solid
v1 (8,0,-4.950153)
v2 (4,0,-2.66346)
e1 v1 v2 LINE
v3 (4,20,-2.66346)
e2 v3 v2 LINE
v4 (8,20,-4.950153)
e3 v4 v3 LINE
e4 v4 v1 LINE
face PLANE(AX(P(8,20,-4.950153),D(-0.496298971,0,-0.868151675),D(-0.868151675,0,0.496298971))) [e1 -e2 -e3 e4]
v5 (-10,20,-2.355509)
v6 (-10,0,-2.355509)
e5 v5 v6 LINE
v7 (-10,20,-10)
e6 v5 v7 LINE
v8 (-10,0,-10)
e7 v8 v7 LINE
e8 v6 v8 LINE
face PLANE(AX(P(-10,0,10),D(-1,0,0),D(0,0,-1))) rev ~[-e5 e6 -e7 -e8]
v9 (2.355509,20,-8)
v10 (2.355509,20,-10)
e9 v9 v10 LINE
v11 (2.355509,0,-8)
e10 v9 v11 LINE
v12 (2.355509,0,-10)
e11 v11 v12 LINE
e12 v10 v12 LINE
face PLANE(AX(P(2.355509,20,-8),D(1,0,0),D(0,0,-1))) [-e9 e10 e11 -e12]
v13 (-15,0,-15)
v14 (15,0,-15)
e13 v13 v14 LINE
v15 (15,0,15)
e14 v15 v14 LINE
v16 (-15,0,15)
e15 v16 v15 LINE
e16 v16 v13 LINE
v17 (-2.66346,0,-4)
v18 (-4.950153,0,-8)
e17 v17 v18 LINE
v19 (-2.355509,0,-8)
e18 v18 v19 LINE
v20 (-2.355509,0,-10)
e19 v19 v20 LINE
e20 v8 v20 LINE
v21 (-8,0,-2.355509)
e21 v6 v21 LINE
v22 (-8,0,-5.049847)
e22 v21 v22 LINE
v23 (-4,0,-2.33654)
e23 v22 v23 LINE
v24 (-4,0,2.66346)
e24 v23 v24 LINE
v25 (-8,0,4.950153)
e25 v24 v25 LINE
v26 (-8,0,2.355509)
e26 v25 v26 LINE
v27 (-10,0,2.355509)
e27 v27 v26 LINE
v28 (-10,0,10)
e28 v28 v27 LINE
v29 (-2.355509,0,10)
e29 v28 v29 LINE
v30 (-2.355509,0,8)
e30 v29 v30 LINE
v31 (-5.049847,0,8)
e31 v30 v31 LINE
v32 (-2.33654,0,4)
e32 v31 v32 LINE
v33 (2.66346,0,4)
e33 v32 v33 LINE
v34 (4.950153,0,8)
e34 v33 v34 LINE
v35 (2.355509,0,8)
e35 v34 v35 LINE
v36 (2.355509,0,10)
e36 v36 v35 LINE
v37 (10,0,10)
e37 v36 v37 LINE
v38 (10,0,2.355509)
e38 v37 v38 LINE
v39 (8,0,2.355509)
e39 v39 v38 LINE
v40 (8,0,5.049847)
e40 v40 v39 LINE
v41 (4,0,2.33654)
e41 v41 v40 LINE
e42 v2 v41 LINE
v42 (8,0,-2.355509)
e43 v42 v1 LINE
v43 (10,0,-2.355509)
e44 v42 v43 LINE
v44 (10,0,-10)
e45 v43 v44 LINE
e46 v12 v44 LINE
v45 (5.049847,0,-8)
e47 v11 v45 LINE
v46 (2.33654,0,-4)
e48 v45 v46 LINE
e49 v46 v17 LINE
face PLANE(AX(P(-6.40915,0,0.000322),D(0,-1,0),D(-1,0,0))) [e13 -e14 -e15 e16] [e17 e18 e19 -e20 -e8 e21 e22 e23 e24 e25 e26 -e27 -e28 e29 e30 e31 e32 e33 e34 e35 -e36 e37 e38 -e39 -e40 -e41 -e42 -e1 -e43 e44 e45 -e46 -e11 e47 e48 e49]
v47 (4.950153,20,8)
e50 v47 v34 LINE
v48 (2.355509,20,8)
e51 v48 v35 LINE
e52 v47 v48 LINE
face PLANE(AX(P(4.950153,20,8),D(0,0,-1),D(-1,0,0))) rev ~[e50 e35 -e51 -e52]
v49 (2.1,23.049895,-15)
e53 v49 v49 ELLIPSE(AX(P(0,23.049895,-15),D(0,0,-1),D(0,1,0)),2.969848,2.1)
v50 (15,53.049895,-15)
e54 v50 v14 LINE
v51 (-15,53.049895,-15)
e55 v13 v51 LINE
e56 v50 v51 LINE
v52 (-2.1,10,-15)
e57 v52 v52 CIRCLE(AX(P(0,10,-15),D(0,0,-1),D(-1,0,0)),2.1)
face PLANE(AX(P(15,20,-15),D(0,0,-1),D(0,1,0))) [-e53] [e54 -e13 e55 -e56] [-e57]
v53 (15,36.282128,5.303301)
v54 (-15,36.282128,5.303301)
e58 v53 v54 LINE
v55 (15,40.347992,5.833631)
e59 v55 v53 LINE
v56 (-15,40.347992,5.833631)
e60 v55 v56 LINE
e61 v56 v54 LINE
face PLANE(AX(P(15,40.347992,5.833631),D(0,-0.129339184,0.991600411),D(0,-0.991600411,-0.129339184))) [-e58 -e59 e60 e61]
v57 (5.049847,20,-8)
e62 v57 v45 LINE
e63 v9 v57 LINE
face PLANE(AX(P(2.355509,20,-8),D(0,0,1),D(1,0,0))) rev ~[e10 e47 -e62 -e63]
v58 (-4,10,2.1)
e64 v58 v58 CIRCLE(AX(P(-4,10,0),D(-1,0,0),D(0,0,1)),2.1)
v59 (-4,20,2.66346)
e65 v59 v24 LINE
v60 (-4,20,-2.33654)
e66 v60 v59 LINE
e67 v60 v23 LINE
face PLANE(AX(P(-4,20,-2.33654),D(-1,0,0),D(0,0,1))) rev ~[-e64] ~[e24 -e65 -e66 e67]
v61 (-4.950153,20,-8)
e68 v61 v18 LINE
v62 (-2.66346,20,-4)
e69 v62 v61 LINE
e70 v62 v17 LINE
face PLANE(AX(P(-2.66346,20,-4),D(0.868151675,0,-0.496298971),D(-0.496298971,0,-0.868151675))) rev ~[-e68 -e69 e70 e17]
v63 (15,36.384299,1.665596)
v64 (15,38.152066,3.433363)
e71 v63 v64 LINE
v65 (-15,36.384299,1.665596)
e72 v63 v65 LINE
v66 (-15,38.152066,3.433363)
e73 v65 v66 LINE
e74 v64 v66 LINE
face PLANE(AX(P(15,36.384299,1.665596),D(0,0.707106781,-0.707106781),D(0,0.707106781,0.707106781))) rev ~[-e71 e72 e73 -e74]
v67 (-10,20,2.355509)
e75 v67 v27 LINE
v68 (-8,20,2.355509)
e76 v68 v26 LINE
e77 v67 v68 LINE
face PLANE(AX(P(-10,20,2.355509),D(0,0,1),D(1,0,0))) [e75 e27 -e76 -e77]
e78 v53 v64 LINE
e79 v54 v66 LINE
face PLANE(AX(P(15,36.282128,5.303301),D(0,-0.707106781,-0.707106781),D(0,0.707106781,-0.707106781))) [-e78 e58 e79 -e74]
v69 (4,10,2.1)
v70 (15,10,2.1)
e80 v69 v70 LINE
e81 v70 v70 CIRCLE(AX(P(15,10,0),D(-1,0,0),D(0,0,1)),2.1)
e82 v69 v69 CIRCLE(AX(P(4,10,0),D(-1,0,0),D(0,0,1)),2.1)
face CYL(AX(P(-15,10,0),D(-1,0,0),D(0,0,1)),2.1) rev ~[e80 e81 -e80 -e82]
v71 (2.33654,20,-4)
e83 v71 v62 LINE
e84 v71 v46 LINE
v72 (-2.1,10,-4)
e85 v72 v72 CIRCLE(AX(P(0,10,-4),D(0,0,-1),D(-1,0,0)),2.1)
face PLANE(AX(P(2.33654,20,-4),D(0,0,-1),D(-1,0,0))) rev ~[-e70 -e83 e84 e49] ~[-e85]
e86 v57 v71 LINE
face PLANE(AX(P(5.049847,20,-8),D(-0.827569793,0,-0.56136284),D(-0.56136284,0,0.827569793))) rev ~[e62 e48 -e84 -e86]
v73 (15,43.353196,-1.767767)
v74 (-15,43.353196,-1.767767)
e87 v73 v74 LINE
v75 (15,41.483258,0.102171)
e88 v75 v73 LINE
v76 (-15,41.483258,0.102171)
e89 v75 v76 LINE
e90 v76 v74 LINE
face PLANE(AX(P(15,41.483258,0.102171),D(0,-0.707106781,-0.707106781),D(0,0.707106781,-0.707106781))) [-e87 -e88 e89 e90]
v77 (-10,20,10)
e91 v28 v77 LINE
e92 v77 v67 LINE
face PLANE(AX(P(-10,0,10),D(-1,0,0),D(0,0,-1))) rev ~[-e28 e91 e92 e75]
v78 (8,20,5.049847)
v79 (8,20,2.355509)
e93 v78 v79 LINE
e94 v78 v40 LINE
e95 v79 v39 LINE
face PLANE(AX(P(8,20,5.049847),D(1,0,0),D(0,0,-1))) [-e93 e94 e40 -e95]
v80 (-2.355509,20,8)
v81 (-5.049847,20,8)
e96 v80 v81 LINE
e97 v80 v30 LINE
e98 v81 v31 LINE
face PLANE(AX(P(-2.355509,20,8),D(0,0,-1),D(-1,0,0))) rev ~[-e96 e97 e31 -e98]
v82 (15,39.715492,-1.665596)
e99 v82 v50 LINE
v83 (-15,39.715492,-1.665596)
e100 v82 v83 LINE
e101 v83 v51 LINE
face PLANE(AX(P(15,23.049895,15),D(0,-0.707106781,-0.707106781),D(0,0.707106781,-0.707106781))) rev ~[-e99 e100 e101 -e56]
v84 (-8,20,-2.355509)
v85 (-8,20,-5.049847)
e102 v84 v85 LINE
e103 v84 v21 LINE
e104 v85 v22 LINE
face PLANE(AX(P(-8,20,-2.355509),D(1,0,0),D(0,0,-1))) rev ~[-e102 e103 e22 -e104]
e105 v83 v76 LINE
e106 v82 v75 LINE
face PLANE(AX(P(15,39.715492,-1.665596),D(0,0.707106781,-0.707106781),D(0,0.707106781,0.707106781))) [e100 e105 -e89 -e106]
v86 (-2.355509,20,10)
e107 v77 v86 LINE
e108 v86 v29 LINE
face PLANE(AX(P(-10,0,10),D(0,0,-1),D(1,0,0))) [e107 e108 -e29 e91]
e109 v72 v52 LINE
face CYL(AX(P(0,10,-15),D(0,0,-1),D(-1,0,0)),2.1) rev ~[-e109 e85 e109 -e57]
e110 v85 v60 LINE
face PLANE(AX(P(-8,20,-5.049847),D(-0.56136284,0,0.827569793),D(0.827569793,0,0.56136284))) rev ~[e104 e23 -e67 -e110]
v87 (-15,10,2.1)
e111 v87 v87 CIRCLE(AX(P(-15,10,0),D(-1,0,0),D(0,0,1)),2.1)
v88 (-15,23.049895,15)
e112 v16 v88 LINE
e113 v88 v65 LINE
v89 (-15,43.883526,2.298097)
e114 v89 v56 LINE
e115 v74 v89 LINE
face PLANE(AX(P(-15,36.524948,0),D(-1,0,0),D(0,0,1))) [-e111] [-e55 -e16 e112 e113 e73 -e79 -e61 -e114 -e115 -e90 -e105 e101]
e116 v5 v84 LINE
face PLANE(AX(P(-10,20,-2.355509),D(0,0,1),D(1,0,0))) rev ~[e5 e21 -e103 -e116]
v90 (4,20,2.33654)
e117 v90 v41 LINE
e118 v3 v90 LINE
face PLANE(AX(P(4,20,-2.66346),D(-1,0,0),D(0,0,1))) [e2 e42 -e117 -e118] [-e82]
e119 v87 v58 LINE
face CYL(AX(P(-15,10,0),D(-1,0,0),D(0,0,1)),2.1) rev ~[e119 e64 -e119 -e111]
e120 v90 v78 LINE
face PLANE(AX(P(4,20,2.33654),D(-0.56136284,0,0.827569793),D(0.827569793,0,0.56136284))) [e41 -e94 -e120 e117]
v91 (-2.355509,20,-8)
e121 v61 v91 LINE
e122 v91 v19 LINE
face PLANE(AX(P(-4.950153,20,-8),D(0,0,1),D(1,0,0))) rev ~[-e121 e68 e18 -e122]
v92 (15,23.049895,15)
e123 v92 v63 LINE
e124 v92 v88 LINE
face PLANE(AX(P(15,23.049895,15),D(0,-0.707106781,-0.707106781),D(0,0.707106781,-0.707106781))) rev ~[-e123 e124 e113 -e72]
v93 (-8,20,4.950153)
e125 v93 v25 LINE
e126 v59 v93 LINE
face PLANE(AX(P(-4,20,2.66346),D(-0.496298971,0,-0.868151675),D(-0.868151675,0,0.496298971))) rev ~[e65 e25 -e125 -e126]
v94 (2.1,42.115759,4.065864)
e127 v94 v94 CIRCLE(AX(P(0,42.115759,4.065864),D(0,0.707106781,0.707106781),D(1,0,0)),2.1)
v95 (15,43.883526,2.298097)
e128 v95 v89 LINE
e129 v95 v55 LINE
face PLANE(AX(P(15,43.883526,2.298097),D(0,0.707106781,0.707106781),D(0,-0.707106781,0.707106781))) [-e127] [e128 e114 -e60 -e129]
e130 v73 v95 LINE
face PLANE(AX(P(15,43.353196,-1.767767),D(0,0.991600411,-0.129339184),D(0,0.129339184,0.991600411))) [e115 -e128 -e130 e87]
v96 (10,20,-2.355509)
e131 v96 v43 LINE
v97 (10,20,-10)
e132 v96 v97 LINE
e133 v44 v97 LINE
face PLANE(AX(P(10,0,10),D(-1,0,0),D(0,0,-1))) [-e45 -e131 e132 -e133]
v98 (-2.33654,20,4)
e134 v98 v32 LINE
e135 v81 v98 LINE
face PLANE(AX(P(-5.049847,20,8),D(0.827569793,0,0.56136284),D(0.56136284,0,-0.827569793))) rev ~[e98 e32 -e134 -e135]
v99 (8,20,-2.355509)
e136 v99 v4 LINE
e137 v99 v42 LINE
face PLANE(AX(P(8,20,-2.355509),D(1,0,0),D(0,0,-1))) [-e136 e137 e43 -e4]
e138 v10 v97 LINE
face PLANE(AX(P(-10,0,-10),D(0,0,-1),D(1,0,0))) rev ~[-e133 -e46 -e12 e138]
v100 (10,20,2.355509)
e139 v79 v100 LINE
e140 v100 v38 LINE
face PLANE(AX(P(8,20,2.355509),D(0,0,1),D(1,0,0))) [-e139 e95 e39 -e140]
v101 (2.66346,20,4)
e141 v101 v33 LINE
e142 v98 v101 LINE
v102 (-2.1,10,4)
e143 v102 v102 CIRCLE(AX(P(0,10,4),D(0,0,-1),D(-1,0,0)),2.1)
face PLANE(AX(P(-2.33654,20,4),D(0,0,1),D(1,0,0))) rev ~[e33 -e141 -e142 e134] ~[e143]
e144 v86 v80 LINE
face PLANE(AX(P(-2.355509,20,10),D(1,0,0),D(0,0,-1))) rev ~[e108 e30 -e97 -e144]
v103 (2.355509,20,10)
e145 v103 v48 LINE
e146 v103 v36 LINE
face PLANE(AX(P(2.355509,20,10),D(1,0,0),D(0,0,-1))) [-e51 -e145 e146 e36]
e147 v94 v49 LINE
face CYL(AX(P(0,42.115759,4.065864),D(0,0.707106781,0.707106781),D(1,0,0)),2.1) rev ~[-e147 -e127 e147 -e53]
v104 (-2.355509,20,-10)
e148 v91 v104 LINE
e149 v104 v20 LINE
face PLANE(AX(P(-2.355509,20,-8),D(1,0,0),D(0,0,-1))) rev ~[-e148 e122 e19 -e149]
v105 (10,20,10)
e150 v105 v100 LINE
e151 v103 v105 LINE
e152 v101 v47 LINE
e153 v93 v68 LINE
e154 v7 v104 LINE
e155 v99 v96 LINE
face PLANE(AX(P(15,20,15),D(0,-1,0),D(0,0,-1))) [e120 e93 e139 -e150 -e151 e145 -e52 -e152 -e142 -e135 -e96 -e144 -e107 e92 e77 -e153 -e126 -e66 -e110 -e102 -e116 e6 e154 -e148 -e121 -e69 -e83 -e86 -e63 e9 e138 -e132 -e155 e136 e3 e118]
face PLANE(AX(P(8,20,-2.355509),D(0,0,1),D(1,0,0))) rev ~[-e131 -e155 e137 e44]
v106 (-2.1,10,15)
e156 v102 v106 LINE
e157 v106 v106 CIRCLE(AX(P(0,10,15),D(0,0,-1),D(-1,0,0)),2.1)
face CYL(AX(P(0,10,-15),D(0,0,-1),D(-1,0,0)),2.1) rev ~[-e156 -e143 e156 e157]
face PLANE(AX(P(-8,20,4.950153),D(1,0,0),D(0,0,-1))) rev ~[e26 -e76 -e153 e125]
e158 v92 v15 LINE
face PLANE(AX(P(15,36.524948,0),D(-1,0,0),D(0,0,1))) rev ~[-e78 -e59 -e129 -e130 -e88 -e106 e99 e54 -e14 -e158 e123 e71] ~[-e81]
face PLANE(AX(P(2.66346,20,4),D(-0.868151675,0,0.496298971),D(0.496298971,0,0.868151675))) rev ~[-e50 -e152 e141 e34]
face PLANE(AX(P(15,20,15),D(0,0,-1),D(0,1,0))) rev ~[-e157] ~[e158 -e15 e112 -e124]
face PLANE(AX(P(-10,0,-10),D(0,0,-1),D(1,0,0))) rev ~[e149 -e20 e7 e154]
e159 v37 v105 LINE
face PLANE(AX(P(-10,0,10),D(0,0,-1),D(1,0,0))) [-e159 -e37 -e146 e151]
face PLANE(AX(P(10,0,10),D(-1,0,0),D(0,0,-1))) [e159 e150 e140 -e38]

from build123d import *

# Parameters (mm, degrees)
SKETCH1_W           = 30
SKETCH1_H           = 30
SKETCH1_W_2         = 20
SKETCH1_H_2         = 20
BOSS_EXTRUDE1_DEPTH = 20
SKETCH2_W           = 4.711017494
SKETCH2_H           = 2
SKETCH2_W_2         = 2
SKETCH2_H_2         = 4.711017494
BOSS_EXTRUDE2_DEPTH = 20
SKETCH3_R           = 2.1
CUT_EXTRUDE1_DEPTH  = 31
SKETCH4_R           = 2.1
CUT_EXTRUDE2_DEPTH  = 31
BOSS_EXTRUDE3_DEPTH = 30
SKETCH8_W           = 4.711017494
SKETCH8_H           = 2.5
BOSS_EXTRUDE4_DEPTH = 30
SKETCH10_R          = 2.1
CUT_EXTRUDE4_DEPTH  = 44.261940705


with BuildPart() as part:
    # Sketch1 → Boss-Extrude1 (new body)
    with BuildSketch(Plane(origin=(0, 0, 0), x_dir=(1, 0, 0), z_dir=(0, 1, 0))):
        Rectangle(SKETCH1_W, SKETCH1_H)
        Rectangle(SKETCH1_W_2, SKETCH1_H_2, mode=Mode.SUBTRACT)
    extrude(amount=BOSS_EXTRUDE1_DEPTH)


with BuildPart() as body_2:
    # Sketch2 → Boss-Extrude2 (new body)
    with BuildSketch(Plane(origin=(0, 20, 0), x_dir=(1, 0, 0), z_dir=(0, 1, 0))):
        Polygon((2.336539675, 4), (-2.663460325, 4), (-4.950152781, 8), (5.049847219, 8), align=None)
        with Locations((0, 9)):
            Rectangle(SKETCH2_W, SKETCH2_H)
        Polygon((-4, 2.336539675), (-4, -2.663460325), (-8, -4.950152781), (-8, 5.049847219), align=None)
        Polygon((-2.336539675, -4), (2.663460325, -4), (4.950152781, -8), (-5.049847219, -8), align=None)
        with Locations((0, -9)):
            Rectangle(SKETCH2_W, SKETCH2_H)
        Polygon((4, 2.663460325), (4, -2.336539675), (8, -5.049847219), (8, -2.355508747), (8, 2.355508747), (8, 4.950152781), align=None)
        with Locations((9, 0)):
            Rectangle(SKETCH2_W_2, SKETCH2_H_2)
        with Locations((-9, 0)):
            Rectangle(SKETCH2_W_2, SKETCH2_H_2)
    extrude(amount=-BOSS_EXTRUDE2_DEPTH)


with BuildPart() as cut_extrude1_tool:
    # Sketch3 → Cut-Extrude1 (new body, through all)
    with BuildSketch(Plane.ZY.offset(15)):
        with Locations((0, 10)):
            Circle(SKETCH3_R)
    extrude(amount=-CUT_EXTRUDE1_DEPTH)


with BuildPart() as part_1:
    add(part.part)

    # Cut-Extrude1: cut by cut_extrude1_tool
    add(cut_extrude1_tool.part, mode=Mode.SUBTRACT)


with BuildPart() as body_2_1:
    add(body_2.part)

    # Cut-Extrude1: cut by cut_extrude1_tool
    add(cut_extrude1_tool.part, mode=Mode.SUBTRACT)


with BuildPart() as cut_extrude2_tool:
    # Sketch4 → Cut-Extrude2 (new body, through all)
    with BuildSketch(Plane(origin=(0, 0, -15), x_dir=(-1, 0, 0), z_dir=(0, 0, -1))):
        with Locations((0, 10)):
            Circle(SKETCH4_R)
    extrude(amount=-CUT_EXTRUDE2_DEPTH)


with BuildPart() as part_2:
    add(part_1.part)

    # Cut-Extrude2: cut by cut_extrude2_tool
    add(cut_extrude2_tool.part, mode=Mode.SUBTRACT)



with BuildPart() as body_2_2:
    add(body_2_1.part)

    # Cut-Extrude2: cut by cut_extrude2_tool
    add(cut_extrude2_tool.part, mode=Mode.SUBTRACT)


with BuildPart() as part_3:
    add(part_2.part)

    add(body_2_2.part)  # Boss-Extrude3 merges body 2
    # Sketch5 → Boss-Extrude3 (add)
    with BuildSketch(Plane(origin=(15, 0, 0), x_dir=(0, 0, -1), z_dir=(1, 0, 0))):
        Polygon((15, 53.049895295), (15, 50), (-15, 20), (-15, 23.049895295), align=None)
        Polygon((15, 50), (-15, 20), (15, 20), align=None)
    extrude(amount=-BOSS_EXTRUDE3_DEPTH)

    # Sketch8 → Boss-Extrude4 (add)
    with BuildSketch(Plane(origin=(15, 0, 0), x_dir=(0, 0.707106781, -0.707106781), z_dir=(1, 0, 0))):
        Polygon((29.405338987, 32.655338987), (24.405338987, 32.655338987), (21.905338989, 29.405338987), (24.54983024, 29.405338987), (29.260847734, 29.405338987), (31.905338989, 29.405338987), align=None)
        with Locations((26.905338987, 28.155338987)):
            Rectangle(SKETCH8_W, SKETCH8_H)
    extrude(amount=-BOSS_EXTRUDE4_DEPTH)

    # Sketch10 → Cut-Extrude4 (cut, through all)
    with BuildSketch(Plane(origin=(0, 23.090811639, 23.090811639), x_dir=(1, 0, 0), z_dir=(0, 0.707106781, 0.707106781))):
        with Locations((0, 26.905338987)):
            Circle(SKETCH10_R)
    extrude(amount=-CUT_EXTRUDE4_DEPTH, mode=Mode.SUBTRACT)


solid = part_3.part
